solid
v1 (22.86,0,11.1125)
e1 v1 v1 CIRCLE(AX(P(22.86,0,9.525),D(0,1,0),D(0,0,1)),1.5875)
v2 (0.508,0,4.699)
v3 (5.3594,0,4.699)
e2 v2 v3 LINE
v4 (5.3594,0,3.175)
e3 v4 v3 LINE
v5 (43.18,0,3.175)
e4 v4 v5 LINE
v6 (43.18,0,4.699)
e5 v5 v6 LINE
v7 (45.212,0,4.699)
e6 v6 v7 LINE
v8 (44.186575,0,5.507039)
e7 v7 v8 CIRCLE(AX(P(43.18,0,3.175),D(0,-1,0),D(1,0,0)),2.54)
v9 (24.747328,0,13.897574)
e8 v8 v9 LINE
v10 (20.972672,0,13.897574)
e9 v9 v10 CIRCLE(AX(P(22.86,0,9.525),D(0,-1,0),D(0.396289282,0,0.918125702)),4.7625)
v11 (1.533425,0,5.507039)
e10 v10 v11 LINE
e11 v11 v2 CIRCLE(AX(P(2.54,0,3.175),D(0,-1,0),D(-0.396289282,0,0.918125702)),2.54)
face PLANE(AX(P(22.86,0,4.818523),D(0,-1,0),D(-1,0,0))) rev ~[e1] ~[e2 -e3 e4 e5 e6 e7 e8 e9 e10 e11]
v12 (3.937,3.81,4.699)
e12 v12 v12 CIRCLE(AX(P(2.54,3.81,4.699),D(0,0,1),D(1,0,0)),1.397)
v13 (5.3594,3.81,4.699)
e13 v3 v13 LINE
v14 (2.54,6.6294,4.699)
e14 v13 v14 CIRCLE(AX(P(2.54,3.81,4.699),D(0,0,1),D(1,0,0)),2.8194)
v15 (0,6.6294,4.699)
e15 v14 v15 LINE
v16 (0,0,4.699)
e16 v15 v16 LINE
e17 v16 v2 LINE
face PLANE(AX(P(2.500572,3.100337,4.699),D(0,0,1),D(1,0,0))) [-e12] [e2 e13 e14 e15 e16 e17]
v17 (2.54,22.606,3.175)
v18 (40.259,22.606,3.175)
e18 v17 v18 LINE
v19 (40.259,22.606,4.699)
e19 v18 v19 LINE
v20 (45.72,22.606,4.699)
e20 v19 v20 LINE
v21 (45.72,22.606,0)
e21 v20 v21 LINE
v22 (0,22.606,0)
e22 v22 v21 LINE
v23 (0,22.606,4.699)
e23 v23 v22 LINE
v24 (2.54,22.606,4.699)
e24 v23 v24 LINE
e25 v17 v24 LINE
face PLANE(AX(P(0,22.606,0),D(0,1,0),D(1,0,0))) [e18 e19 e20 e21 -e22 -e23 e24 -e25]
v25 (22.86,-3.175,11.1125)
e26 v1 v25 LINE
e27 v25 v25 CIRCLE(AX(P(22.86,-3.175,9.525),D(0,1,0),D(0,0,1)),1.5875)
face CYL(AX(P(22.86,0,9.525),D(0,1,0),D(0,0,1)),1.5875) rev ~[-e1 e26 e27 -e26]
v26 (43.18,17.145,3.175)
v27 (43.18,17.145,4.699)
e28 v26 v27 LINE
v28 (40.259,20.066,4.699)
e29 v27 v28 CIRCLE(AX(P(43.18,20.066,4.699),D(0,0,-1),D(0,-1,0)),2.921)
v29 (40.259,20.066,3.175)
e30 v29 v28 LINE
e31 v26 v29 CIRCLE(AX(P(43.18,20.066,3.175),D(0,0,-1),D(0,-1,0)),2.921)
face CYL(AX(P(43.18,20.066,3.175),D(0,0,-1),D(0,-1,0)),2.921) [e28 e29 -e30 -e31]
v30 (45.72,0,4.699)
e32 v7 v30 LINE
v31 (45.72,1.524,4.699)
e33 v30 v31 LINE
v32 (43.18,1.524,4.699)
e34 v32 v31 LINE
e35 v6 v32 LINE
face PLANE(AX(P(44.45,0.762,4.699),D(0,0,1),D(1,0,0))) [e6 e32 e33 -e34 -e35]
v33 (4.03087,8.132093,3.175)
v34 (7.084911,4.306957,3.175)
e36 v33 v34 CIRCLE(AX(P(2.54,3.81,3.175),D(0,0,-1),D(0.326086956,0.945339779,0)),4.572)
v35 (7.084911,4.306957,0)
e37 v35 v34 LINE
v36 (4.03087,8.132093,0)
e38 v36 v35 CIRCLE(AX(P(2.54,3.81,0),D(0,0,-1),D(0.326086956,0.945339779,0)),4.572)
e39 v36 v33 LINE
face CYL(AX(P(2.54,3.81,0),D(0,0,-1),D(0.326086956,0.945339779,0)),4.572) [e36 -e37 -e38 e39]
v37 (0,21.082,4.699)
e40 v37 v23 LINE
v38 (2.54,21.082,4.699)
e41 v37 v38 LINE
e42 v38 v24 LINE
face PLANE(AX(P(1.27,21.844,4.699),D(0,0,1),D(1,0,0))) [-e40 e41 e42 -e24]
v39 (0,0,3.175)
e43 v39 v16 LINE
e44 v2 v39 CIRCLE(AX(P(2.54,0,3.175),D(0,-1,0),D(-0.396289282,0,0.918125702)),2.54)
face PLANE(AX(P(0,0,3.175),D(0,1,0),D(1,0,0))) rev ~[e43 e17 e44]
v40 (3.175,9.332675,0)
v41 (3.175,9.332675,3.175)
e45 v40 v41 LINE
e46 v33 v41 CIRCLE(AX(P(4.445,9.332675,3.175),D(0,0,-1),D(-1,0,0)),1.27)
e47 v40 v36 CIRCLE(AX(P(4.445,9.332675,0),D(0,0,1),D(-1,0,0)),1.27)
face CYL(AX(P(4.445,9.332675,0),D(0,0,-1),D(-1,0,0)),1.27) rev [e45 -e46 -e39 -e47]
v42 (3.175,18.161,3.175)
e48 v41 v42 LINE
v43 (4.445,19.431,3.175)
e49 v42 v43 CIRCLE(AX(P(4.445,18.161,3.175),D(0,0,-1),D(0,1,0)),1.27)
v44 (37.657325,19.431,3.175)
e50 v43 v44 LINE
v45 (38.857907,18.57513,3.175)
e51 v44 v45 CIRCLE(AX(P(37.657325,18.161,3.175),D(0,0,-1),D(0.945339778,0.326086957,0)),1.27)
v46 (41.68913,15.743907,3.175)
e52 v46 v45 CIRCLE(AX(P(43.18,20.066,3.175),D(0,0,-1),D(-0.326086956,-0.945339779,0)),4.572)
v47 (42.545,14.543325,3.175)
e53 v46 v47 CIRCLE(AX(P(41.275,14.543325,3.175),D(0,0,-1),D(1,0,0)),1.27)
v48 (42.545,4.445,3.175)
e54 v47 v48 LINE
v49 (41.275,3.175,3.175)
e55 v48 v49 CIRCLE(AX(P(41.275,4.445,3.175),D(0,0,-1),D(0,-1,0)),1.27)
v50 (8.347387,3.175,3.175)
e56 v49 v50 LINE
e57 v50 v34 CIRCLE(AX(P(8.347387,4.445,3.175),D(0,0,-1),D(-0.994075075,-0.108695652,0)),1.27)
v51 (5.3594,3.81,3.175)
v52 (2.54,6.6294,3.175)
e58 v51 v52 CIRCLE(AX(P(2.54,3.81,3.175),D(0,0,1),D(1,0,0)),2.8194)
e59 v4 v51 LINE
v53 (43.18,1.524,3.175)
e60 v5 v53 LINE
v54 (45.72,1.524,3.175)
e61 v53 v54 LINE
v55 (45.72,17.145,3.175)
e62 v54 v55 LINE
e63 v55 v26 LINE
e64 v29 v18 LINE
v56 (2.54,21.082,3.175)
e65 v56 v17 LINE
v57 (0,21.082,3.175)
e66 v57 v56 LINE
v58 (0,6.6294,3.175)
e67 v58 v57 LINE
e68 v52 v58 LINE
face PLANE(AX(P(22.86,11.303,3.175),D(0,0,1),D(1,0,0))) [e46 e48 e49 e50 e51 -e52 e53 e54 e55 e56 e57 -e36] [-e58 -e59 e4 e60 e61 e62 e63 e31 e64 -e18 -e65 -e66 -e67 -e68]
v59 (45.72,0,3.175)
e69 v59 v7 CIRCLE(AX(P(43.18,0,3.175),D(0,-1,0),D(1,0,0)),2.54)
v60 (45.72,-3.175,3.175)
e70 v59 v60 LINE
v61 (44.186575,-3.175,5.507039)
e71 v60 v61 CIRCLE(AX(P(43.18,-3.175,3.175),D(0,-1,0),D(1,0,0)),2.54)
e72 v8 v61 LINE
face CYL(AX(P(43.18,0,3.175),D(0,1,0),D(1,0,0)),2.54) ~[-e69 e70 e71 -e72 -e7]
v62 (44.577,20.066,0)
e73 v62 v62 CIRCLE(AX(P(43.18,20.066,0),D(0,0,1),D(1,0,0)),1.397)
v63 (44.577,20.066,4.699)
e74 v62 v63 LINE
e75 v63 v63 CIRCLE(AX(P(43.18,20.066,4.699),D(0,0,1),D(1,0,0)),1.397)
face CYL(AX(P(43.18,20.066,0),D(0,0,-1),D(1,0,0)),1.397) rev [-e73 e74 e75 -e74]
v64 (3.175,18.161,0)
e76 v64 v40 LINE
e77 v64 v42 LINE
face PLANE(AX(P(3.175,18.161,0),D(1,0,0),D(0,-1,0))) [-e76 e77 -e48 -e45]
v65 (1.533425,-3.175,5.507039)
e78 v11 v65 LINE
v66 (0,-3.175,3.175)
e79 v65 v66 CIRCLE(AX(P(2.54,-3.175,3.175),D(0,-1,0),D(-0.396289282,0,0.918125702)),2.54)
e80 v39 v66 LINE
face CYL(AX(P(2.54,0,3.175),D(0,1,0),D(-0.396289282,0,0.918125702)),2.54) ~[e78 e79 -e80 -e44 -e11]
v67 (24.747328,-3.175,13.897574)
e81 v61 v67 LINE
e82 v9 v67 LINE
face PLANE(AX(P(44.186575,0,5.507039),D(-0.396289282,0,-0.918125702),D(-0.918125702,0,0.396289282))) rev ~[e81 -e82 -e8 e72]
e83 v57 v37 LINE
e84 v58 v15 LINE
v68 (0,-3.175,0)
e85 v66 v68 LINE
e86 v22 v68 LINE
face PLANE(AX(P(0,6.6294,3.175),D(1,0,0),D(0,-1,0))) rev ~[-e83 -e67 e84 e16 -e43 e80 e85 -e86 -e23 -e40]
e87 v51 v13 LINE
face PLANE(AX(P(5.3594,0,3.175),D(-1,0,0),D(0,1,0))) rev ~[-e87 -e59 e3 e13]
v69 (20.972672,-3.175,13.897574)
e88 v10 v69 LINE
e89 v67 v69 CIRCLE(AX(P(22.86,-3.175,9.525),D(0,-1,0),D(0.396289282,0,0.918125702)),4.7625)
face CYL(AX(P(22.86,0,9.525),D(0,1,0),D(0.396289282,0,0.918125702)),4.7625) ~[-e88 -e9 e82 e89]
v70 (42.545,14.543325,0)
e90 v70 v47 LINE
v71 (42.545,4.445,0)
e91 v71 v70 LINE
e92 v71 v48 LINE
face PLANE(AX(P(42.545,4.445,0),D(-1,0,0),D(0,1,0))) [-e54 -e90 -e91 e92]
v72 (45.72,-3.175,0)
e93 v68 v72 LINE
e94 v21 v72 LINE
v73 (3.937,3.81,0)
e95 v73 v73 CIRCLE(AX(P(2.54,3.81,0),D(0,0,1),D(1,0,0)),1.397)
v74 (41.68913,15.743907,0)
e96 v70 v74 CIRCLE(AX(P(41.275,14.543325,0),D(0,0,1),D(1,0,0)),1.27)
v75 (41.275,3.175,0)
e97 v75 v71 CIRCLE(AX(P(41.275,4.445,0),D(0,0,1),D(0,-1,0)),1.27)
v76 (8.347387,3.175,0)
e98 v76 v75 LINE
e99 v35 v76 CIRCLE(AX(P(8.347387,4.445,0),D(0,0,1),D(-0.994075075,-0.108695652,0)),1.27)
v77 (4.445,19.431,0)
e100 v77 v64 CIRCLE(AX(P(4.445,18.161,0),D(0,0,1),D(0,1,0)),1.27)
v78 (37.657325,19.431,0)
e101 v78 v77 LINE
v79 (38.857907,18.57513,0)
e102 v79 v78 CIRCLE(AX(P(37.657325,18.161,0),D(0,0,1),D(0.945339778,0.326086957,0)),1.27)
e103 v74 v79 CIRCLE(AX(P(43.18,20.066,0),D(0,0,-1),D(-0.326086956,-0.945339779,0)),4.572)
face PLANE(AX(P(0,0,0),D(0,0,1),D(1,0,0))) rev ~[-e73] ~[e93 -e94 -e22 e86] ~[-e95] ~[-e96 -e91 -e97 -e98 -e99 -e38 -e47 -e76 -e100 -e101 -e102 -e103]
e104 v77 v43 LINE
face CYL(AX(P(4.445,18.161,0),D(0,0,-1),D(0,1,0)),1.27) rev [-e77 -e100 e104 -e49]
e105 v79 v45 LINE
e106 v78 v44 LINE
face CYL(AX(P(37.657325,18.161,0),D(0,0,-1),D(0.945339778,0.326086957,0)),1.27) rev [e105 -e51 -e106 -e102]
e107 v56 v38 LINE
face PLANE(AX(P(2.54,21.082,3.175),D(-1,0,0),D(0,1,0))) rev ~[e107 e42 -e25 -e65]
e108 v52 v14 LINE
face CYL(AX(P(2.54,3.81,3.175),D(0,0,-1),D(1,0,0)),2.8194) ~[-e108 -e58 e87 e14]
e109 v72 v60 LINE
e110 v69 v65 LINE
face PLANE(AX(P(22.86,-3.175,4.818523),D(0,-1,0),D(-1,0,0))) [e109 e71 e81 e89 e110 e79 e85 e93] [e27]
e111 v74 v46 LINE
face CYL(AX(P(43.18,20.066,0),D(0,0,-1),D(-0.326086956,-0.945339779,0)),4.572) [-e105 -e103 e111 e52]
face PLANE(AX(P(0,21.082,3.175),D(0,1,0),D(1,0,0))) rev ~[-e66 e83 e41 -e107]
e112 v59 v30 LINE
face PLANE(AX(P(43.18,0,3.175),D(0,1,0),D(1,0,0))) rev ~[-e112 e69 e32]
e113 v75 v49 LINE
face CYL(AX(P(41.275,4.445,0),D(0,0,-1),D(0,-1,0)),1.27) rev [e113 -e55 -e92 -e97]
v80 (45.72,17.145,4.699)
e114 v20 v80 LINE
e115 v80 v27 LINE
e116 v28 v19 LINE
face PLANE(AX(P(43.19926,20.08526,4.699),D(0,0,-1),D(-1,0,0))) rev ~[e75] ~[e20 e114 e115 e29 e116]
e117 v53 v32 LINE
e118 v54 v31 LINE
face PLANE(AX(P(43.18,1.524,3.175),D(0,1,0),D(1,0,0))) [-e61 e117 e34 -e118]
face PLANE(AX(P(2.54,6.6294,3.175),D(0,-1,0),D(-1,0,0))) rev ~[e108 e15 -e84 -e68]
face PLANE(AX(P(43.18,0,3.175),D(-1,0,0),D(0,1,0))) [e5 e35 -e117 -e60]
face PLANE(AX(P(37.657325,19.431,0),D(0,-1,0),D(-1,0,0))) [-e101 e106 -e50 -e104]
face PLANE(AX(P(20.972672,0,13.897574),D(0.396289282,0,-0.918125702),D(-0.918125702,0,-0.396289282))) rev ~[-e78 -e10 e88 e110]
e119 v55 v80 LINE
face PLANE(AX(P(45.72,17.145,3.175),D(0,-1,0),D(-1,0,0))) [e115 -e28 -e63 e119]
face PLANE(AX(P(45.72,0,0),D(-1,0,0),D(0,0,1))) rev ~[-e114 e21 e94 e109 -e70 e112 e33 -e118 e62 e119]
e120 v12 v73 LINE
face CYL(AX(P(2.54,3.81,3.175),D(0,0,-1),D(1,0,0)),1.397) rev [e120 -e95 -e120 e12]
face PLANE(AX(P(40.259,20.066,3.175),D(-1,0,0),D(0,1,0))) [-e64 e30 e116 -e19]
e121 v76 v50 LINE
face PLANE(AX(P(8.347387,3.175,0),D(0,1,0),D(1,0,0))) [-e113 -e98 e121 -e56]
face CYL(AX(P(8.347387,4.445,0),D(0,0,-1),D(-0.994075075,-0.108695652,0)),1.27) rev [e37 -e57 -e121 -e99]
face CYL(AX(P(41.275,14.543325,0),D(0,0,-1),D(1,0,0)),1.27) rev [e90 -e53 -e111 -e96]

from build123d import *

# Parameters (mm, degrees)
SKETCH1_W           = 45.72
SKETCH1_H           = 22.606
SKETCH1_R           = 1.397
BOSS_EXTRUDE1_DEPTH = 3.175
SKETCH3_R           = 1.5875
BOSS_EXTRUDE2_DEPTH = 3.175
CUT_EXTRUDE1_DEPTH  = 53.966803682
SKETCH5_R           = 1.397
SKETCH5_W           = 2.54
SKETCH5_H           = 1.524
BOSS_EXTRUDE3_DEPTH = 1.524


with BuildPart() as part:
    # Sketch1 → Boss-Extrude1 (new body)
    with BuildSketch(Plane.XY):
        with Locations((22.86, 11.303)):
            Rectangle(SKETCH1_W, SKETCH1_H)
        with Locations((2.54, 3.81)):
            Circle(SKETCH1_R, mode=Mode.SUBTRACT)
        with Locations((43.18, 20.066)):
            Circle(SKETCH1_R, mode=Mode.SUBTRACT)
    extrude(amount=BOSS_EXTRUDE1_DEPTH)

    # Sketch3 → Boss-Extrude2 (add)
    with BuildSketch(Plane(origin=(0, 0, 0), x_dir=(1, 0, 0), z_dir=(0, 1, 0))):
        with BuildLine():
            Line((0, -3.175), (0, 0))
            Line((0, 0), (45.72, 0))
            Line((45.72, 0), (45.72, -3.175))
            ThreePointArc((45.72, -3.175), (45.302298274, -4.570510672), (44.186574776, -5.507039284))
            Line((44.186574776, -5.507039284), (24.747327705, -13.897573657))
            ThreePointArc((24.747327705, -13.897573657), (22.86, -14.2875), (20.972672295, -13.897573657))
            Line((20.972672295, -13.897573657), (1.533425224, -5.507039284))
            ThreePointArc((1.533425224, -5.507039284), (0.417701726, -4.570510672), (0, -3.175))
        make_face()
        with Locations(Location((22.86, -9.525, 0), (0, 0, 270))):
            Circle(SKETCH3_R, mode=Mode.SUBTRACT)
    extrude(amount=-BOSS_EXTRUDE2_DEPTH)

    # Sketch4 → Cut-Extrude1 (cut, through all)
    with BuildSketch(Plane.XY):
        with BuildLine():
            Line((3.175, 18.161), (3.175, 9.332674986))
            ThreePointArc((3.175, 9.332674986), (3.410870982, 8.595465942), (4.030869565, 8.132093467))
            ThreePointArc((4.030869565, 8.132093467), (6.112895277, 6.662648479), (7.084911244, 4.306956522))
            ThreePointArc((7.084911244, 4.306956522), (7.499570341, 3.499427365), (8.34738659, 3.175))
            Line((8.34738659, 3.175), (41.275, 3.175))
            ThreePointArc((41.275, 3.175), (42.173025612, 3.546974388), (42.545, 4.445))
            Line((42.545, 4.445), (42.545, 14.543325014))
            ThreePointArc((42.545, 14.543325014), (42.309129018, 15.280534058), (41.689130435, 15.743906533))
            ThreePointArc((41.689130435, 15.743906533), (39.947107796, 16.833107796), (38.857906533, 18.575130435))
            ThreePointArc((38.857906533, 18.575130435), (38.394534058, 19.195129018), (37.657325014, 19.431))
            Line((37.657325014, 19.431), (4.445, 19.431))
            ThreePointArc((4.445, 19.431), (3.546974388, 19.059025612), (3.175, 18.161))
        make_face()
    extrude(amount=CUT_EXTRUDE1_DEPTH, mode=Mode.SUBTRACT)

    # Sketch5 → Boss-Extrude3 (add)
    # profile 1 of 4: a face of its own
    with BuildSketch(Plane.XY.offset(3.175)):
        with BuildLine():
            Line((2.54, 6.6294), (0, 6.6294))
            Line((0, 6.6294), (0, 0))
            Line((0, 0), (5.3594, 0))
            Line((5.3594, 0), (5.3594, 3.81))
            ThreePointArc((5.3594, 3.81), (4.533616859, 5.803616859), (2.54, 6.6294))
        make_face()
        with Locations((2.54, 3.81)):
            Circle(SKETCH5_R, mode=Mode.SUBTRACT)
    # profile 2 of 4: a face of its own
    with BuildSketch(Plane.XY.offset(3.175)):
        with BuildLine():
            Line((40.259, 20.066), (40.259, 22.606))
            Line((40.259, 22.606), (45.72, 22.606))
            Line((45.72, 22.606), (45.72, 17.145))
            Line((45.72, 17.145), (43.18, 17.145))
            ThreePointArc((43.18, 17.145), (41.114541092, 18.000541092), (40.259, 20.066))
        make_face()
        with Locations((43.18, 20.066)):
            Circle(SKETCH5_R, mode=Mode.SUBTRACT)
    # profile 3 of 4: a face of its own
    with BuildSketch(Plane.XY.offset(3.175)):
        with Locations((1.27, 21.844)):
            Rectangle(SKETCH5_W, SKETCH5_H)
    # profile 4 of 4: a face of its own
    with BuildSketch(Plane.XY.offset(3.175)):
        with Locations((44.45, 0.762)):
            Rectangle(SKETCH5_W, SKETCH5_H)
    extrude(amount=BOSS_EXTRUDE3_DEPTH)


solid = part.part
